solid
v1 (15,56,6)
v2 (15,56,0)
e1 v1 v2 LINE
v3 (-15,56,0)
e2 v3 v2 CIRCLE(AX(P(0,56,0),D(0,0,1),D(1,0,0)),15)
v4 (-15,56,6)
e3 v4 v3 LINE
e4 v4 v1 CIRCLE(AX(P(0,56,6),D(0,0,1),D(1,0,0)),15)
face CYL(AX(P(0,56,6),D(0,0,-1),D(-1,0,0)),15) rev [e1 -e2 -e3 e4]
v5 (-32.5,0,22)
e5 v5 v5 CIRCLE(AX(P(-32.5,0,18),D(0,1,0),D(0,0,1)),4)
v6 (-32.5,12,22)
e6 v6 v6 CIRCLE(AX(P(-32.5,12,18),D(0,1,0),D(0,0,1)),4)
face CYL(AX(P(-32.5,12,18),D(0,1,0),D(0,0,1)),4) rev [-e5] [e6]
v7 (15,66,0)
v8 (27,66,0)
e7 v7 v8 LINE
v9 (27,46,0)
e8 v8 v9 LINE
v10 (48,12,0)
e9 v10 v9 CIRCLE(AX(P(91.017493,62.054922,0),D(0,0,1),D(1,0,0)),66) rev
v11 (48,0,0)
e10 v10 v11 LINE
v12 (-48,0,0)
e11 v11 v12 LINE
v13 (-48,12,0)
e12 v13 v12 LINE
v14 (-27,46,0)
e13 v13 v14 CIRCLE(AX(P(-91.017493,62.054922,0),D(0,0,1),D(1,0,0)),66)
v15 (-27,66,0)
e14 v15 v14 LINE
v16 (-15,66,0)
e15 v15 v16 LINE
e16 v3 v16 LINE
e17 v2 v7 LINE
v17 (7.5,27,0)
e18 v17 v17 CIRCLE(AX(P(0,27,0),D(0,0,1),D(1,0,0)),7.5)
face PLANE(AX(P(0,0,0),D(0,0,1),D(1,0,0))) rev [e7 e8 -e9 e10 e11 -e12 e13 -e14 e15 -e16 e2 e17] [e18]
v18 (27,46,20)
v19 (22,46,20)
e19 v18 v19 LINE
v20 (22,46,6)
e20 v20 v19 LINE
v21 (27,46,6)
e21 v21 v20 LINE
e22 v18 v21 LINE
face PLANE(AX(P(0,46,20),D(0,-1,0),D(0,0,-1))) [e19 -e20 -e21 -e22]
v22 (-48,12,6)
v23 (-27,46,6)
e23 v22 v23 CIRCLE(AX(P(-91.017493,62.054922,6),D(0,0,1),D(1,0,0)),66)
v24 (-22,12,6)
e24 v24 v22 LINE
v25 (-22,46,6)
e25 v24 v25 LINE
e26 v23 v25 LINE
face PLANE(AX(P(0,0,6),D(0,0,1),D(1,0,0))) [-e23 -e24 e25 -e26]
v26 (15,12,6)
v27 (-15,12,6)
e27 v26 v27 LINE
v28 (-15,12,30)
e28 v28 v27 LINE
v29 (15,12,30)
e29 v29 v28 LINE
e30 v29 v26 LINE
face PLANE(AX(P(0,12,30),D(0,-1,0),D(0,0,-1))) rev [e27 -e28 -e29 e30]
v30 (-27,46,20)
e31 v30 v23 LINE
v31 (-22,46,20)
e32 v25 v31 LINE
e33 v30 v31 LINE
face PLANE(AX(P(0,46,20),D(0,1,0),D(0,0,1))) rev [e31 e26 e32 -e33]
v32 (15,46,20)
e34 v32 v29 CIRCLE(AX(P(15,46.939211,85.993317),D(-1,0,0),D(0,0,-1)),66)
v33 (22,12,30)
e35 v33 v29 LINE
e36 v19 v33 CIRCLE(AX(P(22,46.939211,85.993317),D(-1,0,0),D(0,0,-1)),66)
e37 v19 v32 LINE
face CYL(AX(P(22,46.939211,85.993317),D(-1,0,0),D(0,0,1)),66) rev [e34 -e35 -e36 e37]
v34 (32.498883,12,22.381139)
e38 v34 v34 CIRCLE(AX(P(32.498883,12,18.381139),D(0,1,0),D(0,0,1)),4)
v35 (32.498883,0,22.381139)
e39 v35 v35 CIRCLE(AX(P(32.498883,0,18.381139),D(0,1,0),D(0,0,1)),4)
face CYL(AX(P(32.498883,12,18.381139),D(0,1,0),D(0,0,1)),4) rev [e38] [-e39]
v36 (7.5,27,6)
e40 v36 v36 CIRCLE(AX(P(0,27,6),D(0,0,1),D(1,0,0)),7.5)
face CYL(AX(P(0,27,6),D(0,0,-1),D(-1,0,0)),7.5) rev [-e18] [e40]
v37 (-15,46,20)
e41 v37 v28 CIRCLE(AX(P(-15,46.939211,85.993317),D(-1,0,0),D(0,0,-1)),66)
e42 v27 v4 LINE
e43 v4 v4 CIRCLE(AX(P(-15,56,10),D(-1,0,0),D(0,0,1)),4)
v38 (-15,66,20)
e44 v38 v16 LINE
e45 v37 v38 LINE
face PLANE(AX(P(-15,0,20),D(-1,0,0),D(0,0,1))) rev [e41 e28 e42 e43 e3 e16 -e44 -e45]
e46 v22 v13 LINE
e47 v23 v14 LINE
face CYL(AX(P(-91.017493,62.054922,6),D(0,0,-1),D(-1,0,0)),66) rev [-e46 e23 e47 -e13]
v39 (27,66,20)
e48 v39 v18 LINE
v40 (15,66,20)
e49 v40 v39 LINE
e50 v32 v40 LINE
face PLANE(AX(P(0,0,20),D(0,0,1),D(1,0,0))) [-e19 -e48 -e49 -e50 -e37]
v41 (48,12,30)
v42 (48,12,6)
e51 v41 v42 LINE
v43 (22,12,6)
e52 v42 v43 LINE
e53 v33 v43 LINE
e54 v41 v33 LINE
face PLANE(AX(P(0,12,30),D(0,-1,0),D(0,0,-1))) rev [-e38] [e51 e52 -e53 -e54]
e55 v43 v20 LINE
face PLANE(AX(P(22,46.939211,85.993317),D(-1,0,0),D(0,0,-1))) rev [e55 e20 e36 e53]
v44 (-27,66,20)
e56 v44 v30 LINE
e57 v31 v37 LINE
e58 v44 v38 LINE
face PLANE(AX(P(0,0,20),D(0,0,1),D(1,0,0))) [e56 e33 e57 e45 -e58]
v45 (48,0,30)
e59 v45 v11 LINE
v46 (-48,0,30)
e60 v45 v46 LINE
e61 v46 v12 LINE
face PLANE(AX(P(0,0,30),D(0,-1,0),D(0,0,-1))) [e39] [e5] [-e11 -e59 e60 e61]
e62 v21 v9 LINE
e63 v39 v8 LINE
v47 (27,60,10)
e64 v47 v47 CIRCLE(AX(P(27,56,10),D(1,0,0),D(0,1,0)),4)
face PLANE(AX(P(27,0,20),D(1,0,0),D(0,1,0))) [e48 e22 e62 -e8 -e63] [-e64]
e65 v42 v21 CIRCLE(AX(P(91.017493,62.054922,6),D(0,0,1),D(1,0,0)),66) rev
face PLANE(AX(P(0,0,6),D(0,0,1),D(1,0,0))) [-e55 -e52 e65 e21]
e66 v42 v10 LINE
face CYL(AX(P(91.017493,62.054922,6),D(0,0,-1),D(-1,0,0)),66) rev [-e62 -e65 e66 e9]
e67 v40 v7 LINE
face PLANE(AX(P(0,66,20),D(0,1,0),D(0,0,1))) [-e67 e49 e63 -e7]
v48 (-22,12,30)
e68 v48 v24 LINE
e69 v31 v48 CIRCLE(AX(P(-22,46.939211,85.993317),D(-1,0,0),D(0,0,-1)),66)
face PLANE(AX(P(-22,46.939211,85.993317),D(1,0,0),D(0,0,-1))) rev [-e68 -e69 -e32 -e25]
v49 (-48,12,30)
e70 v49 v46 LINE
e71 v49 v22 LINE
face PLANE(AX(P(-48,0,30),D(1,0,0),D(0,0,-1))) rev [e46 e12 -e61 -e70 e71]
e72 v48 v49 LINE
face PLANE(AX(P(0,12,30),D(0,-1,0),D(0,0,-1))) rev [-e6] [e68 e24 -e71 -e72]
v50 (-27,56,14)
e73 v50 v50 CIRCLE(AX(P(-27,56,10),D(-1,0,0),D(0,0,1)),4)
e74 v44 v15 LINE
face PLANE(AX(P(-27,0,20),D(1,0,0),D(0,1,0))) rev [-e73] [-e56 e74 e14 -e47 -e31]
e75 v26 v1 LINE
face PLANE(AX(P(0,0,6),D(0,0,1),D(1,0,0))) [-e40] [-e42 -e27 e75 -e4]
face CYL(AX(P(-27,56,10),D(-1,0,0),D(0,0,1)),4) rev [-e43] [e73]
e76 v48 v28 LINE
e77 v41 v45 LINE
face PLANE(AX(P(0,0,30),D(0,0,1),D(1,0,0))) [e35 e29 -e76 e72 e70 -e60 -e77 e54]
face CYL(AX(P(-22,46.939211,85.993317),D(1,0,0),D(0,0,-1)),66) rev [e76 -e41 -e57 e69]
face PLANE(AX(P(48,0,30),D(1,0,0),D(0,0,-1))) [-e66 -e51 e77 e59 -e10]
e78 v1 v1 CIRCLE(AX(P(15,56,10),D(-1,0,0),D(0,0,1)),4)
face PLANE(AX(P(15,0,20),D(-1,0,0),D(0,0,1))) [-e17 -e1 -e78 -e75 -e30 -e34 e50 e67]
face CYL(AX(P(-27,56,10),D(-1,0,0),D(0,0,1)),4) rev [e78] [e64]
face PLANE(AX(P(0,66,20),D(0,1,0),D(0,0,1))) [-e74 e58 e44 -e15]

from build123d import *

# Parameters (mm, degrees)
SKETCH1_W             = 96
SKETCH1_H             = 12
BOSS_EXTRUDE1_DEPTH   = 30
SKETCH1_3_R           = 7.5
BOSS_EXTRUDE2_DEPTH   = 6
SKETCH1_4_W           = 12
SKETCH1_4_H           = 20
BOSS_EXTRUDE3_DEPTH   = 20
BOSS_EXTRUDE4_DEPTH   = 7
F_8_0MM_DOWEL_HOLE1_D = 8
F_8_0MM_DOWEL_HOLE2_D = 8


with BuildPart() as part:
    # Sketch1 → Boss-Extrude1 (new body)
    with BuildSketch(Plane.XY):
        with Locations((0, 6)):
            Rectangle(SKETCH1_W, SKETCH1_H)
    extrude(amount=BOSS_EXTRUDE1_DEPTH)

    # Sketch1<3> → Boss-Extrude2 (add)
    with BuildSketch(Plane.XY):
        with BuildLine():
            Line((-15, 46), (-27, 46))
            ThreePointArc((-27, 46), (-34.864825613, 27.37239229), (-48, 12))
            Line((-48, 12), (48, 12))
            ThreePointArc((48, 12), (34.864825613, 27.37239229), (27, 46))
            Line((27, 46), (15, 46))
            Line((15, 46), (15, 56))
            ThreePointArc((15, 56), (0, 41), (-15, 56))
            Line((-15, 56), (-15, 46))
        make_face()
        with Locations((0, 27)):
            Circle(SKETCH1_3_R, mode=Mode.SUBTRACT)
    extrude(amount=BOSS_EXTRUDE2_DEPTH)

    # Sketch1<4> → Boss-Extrude3 (add)
    with BuildSketch(Plane.XY):
        with Locations((-21, 56)):
            Rectangle(SKETCH1_4_W, SKETCH1_4_H)
        with Locations((21, 56)):
            Rectangle(SKETCH1_4_W, SKETCH1_4_H)
    extrude(amount=BOSS_EXTRUDE3_DEPTH)

    # Sketch2 → Boss-Extrude4 (add)
    with BuildSketch(Plane(origin=(-15, 0, 0), x_dir=(0, 0, -1), z_dir=(1, 0, 0))):
        with BuildLine():
            Line((-20, 46), (-6, 46))
            Line((-6, 46), (-6, 12))
            Line((-6, 12), (-30, 12))
            ThreePointArc((-30, 12), (-22.675193853, 28.316233486), (-20, 46))
        make_face()
    boss_extrude4 = extrude(amount=-BOSS_EXTRUDE4_DEPTH)

    # Mirror1: Boss-Extrude4 across plane
    add(boss_extrude4.mirror(Plane(origin=(0, 0, 0), x_dir=(0, 0, 1), z_dir=(1, 0, 0))))

    # Ø8.0mm Dowel Hole1 (through all)
    with Locations(Plane(origin=(-27, 56, 10), x_dir=(0, -1, 0), z_dir=(-1, 0, 0))):
        with Locations((0, 0)):
            Hole(F_8_0MM_DOWEL_HOLE1_D / 2)

    # Ø8.0mm Dowel Hole2 (through all)
    with Locations(Plane(origin=(-32.5, 12, 18), x_dir=(0, 0, 1), z_dir=(0, 1, 0))):
        with Locations((0, 0), (0.381139368, 64.99888255)):
            Hole(F_8_0MM_DOWEL_HOLE2_D / 2)


solid = part.part
